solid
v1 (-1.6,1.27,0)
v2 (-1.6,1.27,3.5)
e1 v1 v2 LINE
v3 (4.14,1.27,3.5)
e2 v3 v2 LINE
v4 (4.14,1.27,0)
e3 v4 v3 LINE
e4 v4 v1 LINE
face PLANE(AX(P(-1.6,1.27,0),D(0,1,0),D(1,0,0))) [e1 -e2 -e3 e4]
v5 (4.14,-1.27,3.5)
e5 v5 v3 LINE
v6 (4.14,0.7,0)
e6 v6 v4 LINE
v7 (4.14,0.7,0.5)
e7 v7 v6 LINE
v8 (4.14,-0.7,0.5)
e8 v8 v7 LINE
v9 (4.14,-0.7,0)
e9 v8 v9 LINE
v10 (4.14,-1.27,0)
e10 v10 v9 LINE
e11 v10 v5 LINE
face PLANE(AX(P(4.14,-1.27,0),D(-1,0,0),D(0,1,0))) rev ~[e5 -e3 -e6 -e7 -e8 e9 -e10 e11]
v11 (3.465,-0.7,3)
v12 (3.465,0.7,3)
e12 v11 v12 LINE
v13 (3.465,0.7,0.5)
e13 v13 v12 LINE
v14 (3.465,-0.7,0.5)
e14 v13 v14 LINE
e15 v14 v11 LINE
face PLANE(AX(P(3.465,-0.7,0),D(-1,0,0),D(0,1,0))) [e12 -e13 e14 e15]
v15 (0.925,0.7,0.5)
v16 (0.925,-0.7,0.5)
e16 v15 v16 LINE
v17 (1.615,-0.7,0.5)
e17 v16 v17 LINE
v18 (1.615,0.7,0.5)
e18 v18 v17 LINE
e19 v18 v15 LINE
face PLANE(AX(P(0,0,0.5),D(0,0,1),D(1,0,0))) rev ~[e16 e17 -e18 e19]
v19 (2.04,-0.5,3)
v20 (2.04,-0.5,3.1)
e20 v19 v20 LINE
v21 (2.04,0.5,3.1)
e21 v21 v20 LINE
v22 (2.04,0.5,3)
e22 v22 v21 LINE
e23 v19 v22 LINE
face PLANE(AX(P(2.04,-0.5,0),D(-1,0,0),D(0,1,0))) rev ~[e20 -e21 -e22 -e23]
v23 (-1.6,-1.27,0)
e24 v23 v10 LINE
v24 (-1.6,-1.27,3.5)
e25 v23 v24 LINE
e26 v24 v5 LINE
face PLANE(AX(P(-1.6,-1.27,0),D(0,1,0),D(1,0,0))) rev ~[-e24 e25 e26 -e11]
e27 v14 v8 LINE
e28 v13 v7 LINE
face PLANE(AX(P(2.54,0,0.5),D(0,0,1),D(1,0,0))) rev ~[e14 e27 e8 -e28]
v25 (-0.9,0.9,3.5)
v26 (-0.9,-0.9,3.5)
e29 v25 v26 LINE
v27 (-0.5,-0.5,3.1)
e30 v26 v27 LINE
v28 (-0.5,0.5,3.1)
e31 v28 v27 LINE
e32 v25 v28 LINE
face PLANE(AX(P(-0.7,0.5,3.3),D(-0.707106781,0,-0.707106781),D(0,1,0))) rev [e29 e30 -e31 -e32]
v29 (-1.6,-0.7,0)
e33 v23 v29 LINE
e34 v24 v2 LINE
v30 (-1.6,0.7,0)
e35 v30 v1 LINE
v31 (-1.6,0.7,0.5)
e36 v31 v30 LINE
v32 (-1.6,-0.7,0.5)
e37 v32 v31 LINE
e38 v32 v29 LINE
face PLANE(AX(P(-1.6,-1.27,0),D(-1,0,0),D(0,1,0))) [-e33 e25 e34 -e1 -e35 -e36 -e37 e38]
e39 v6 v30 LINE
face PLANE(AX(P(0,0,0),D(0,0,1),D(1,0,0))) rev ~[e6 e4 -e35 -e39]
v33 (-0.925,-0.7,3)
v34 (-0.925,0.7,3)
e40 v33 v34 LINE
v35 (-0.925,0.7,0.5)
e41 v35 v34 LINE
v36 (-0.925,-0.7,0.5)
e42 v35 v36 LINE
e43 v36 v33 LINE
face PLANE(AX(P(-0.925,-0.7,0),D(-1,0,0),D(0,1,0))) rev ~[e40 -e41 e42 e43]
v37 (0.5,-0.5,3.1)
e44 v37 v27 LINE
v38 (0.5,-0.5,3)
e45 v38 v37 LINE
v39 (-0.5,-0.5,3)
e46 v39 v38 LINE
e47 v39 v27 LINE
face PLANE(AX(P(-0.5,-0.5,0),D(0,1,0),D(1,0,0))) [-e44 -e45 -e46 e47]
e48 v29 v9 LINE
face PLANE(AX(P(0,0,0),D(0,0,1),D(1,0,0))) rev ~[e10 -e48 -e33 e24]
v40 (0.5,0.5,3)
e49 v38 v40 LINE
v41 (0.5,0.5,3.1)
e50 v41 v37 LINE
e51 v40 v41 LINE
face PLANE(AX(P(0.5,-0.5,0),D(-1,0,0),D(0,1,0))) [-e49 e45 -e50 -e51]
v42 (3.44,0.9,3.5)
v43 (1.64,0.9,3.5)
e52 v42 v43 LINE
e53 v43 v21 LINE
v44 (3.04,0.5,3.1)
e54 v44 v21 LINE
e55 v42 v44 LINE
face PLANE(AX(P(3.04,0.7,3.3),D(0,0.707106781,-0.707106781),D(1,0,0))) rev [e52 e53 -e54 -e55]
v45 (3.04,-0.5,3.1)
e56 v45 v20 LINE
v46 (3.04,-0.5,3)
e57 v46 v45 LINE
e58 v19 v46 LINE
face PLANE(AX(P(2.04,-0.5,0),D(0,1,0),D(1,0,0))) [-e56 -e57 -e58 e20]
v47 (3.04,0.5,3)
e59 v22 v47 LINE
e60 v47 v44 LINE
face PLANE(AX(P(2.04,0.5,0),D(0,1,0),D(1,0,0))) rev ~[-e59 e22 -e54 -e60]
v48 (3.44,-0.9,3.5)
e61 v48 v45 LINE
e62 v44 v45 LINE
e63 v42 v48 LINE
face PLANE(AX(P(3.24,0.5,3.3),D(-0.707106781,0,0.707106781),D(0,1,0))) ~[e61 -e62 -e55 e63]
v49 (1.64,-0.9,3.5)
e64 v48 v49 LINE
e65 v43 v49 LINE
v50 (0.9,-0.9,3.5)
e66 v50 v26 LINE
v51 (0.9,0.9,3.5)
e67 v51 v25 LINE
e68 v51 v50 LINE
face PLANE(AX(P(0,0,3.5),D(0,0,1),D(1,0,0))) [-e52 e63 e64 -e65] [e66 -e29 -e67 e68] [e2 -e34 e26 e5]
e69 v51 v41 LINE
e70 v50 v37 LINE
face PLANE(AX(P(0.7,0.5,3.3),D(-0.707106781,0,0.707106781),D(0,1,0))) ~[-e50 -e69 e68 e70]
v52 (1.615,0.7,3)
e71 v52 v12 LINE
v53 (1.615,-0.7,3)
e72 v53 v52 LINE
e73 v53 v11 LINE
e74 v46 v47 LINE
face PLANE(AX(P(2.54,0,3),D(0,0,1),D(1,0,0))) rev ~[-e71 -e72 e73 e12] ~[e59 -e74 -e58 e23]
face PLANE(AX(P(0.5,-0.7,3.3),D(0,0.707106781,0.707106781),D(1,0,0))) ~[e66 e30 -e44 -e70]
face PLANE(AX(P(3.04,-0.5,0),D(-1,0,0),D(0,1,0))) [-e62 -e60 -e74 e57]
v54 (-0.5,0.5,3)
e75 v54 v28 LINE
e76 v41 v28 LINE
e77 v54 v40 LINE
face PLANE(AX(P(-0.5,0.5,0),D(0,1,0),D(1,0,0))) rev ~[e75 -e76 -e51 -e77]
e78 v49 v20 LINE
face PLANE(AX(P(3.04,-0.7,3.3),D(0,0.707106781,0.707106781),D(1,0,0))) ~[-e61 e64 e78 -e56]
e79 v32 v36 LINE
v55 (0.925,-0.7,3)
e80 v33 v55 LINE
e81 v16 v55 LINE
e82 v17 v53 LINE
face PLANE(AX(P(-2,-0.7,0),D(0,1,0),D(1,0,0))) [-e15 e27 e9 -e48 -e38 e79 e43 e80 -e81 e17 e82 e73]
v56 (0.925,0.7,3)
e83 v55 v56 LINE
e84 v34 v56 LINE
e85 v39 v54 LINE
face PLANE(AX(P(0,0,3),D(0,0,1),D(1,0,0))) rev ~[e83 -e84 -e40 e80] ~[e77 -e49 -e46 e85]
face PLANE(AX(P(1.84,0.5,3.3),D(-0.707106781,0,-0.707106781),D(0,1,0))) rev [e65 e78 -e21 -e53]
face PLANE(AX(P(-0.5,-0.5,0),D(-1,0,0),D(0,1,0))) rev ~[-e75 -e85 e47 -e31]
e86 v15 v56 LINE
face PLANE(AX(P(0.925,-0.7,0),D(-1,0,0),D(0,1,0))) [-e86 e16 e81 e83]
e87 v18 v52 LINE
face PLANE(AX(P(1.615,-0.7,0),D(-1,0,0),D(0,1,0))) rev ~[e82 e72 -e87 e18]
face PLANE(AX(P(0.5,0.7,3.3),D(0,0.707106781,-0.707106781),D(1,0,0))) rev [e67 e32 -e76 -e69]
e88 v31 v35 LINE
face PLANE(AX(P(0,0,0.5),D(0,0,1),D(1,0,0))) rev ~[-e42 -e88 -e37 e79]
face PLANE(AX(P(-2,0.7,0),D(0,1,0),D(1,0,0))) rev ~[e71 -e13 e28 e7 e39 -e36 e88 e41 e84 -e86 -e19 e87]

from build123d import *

# Parameters (mm, degrees)
SKETCH007_W      = 1
SKETCH007_H      = 1
EXTRUDE007_DEPTH = 9
SKETCH006_W      = 1.85
SKETCH006_H      = 1.4
EXTRUDE016_DEPTH = 3
SKETCH003_W      = 4
SKETCH003_H      = 1.4
EXTRUDE003_DEPTH = 0.5
SKETCH_W         = 3.2
SKETCH_H         = 2.54
EXTRUDE017_DEPTH = 3.5
CHAMFER005_SIZE  = 0.4
ARRAY010_X_COUNT = 2
ARRAY010_X_PITCH = 2.54


with BuildPart() as extrude007:
    # Sketch007 → Extrude007 (new body)
    with BuildSketch(Plane.XY):
        Rectangle(SKETCH007_W, SKETCH007_H)
    extrude(amount=EXTRUDE007_DEPTH)


with BuildPart() as extrude016:
    # Sketch006 → Extrude016 (new body)
    with BuildSketch(Plane.XY):
        Rectangle(SKETCH006_W, SKETCH006_H)
    extrude(amount=EXTRUDE016_DEPTH)


with BuildPart() as fusion012:
    # Sketch003 → Extrude003 (new body)
    with BuildSketch(Plane.XY):
        Rectangle(SKETCH003_W, SKETCH003_H)
    extrude(amount=EXTRUDE003_DEPTH)

    # Fusion012: union Extrude007, Extrude016
    add(extrude007.part)
    add(extrude016.part)


with BuildPart() as array010:
    # Sketch → Extrude017 (new body)
    with BuildSketch(Plane.XY):
        Rectangle(SKETCH_W, SKETCH_H)
    extrude(amount=EXTRUDE017_DEPTH)

    # Cut005: cut Fusion012
    add(fusion012.part, mode=Mode.SUBTRACT)

    # Chamfer005
    chamfer005_edges = [array010.edges().sort_by_distance(p)[0] for p in [
        (0, 0.5, 3.5),
        (-0.5, 0, 3.5),
        (0, -0.5, 3.5),
        (0.5, 0, 3.5),
    ]]
    chamfer(chamfer005_edges, length=CHAMFER005_SIZE)

    # Array010 X: Array010 ×2


with BuildPart() as array010_1:
    add(array010.part)
    with Locations(*[(i * ARRAY010_X_PITCH, 0, 0) for i in range(1, ARRAY010_X_COUNT)]):
        add(array010.part)


solid = array010_1.part
